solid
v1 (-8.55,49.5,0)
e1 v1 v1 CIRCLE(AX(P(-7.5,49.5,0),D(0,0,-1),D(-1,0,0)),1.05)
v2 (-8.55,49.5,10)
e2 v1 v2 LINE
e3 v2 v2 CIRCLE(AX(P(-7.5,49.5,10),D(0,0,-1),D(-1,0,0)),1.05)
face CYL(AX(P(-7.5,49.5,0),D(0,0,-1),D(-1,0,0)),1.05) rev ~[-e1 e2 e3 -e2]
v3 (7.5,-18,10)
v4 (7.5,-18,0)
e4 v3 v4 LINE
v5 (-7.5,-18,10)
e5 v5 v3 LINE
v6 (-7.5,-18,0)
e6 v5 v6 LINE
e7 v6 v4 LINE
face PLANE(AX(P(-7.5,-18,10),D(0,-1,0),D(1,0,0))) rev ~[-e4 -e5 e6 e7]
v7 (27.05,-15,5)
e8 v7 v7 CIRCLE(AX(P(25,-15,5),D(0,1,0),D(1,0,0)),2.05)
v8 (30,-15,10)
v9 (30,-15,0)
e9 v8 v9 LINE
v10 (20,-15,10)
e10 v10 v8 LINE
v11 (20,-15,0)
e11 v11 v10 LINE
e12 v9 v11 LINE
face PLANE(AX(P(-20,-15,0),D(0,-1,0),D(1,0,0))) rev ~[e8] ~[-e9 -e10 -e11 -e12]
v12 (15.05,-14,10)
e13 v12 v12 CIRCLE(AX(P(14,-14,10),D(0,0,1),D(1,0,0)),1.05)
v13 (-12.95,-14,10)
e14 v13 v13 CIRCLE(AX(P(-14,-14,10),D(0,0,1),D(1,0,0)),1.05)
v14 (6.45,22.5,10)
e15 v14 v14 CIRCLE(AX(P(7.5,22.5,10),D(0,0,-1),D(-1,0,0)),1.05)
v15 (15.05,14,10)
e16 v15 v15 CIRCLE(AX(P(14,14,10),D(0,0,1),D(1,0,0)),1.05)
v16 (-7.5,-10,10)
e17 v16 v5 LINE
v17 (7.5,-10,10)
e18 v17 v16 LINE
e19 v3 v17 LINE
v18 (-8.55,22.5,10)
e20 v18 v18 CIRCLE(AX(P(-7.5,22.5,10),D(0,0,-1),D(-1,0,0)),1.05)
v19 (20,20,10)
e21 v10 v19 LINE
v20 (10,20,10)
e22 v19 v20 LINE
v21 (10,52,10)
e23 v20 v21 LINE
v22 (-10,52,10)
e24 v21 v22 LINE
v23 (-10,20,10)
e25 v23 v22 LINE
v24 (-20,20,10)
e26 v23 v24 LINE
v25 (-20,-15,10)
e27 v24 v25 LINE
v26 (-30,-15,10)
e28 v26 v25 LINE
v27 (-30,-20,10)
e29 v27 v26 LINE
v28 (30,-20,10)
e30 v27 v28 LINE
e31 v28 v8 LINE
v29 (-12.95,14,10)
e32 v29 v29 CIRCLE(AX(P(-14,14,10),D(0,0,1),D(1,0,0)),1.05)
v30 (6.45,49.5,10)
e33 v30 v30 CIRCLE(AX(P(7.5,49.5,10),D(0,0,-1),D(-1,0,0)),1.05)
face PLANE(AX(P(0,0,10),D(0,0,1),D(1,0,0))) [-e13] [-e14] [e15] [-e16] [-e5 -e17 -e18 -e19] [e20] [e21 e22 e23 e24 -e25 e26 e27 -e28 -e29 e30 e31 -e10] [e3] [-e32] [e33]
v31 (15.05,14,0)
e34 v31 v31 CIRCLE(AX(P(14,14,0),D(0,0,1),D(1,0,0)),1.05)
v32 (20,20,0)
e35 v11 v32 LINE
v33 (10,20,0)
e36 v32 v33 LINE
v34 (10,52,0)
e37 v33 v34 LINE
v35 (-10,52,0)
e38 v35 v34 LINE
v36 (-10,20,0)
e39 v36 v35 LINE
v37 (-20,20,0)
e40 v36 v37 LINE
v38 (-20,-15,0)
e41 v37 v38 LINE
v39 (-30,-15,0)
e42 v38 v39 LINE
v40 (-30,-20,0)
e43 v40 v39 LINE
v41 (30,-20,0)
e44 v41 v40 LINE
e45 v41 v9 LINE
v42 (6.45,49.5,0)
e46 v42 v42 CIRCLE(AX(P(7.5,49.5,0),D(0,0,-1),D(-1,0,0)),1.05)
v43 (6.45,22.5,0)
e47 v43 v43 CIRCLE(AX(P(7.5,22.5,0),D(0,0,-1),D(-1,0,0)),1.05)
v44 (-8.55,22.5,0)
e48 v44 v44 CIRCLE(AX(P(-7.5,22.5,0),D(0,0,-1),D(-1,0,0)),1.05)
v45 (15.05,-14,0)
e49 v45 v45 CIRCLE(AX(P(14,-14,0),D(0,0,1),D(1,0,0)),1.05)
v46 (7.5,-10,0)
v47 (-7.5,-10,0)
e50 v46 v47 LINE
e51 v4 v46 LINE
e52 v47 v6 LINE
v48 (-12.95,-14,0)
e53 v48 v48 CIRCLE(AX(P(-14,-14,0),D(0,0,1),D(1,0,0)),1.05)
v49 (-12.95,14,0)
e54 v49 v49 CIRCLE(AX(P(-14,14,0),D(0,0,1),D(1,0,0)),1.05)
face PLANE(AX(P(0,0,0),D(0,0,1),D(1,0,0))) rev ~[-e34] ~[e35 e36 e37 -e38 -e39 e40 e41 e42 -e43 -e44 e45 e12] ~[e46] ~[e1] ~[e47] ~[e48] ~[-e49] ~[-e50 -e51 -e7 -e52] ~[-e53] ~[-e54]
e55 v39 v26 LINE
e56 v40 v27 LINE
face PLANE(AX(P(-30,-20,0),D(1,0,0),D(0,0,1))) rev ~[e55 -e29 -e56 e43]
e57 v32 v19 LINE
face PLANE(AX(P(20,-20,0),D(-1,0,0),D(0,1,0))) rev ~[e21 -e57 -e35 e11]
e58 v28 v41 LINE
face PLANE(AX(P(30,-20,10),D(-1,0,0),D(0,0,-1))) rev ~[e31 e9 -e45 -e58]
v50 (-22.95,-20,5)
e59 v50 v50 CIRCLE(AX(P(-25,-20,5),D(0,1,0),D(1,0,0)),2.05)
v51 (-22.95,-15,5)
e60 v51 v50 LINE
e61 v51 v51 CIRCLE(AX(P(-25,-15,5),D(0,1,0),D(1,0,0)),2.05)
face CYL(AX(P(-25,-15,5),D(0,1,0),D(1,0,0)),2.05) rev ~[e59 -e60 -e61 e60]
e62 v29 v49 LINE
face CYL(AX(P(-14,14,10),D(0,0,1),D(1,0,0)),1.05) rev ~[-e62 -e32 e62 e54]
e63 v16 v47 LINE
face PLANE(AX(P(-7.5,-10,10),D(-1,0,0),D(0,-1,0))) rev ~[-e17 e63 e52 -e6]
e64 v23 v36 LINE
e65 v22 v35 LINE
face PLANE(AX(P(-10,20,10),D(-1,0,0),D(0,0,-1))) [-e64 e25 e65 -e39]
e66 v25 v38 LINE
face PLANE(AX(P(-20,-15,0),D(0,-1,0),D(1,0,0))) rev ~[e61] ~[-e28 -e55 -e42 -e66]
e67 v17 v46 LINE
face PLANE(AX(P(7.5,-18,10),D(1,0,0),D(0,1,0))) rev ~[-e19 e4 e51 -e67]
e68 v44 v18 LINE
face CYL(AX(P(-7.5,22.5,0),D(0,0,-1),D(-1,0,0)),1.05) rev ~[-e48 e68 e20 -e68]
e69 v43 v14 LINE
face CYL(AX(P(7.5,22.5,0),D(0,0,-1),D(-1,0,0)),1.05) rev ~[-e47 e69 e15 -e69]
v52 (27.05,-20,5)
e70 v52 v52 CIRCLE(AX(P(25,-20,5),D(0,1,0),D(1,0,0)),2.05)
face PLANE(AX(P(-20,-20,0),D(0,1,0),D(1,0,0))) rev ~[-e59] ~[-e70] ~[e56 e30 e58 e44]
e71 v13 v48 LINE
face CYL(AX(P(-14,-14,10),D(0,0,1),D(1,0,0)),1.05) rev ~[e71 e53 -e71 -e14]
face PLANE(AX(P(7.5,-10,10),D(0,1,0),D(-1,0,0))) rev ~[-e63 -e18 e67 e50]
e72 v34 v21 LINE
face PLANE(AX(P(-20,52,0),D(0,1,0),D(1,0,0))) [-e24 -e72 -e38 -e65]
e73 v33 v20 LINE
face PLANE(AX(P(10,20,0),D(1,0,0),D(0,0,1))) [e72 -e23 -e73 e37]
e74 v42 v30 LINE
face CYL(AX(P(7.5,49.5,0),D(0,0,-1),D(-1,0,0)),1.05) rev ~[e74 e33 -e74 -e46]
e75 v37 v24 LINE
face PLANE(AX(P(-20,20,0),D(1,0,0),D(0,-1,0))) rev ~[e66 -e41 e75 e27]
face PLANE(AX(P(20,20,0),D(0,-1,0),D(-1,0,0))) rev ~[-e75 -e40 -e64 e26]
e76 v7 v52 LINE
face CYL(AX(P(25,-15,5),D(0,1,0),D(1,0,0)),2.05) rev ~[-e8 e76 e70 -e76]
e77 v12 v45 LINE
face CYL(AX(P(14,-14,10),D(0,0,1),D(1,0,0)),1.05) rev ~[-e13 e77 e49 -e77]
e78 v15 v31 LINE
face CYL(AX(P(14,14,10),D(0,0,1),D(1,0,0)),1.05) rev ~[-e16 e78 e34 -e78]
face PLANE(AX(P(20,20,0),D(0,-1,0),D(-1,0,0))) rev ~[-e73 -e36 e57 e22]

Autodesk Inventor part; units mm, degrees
ref_plane "YZ Plane" through (0, 0, 0) normal (1, 0, 0) x (0, 1, 0)
ref_plane "XZ Plane" through (0, 0, 0) normal (0, 1, 0) x (-1, 0, 0)
ref_plane "XY Plane" through (0, 0, 0) normal (0, 0, 1) x (1, 0, 0)
sketch "Sketch1" plane through (0, 0, 0) normal (0, 0, 1) x (1, 0, 0)
  line L0 (-20, -20) -> (20, -20)
  line L1 (20, -20) -> (20, 20)
  line L2 (20, 20) -> (-20, 20)
  line L3 (-20, 20) -> (-20, -20)
  line L4 (-20, -20) -> (20, 20) construction
  line L5 (20, -20) -> (-20, 20) construction
  point P0 (0, 0)
  dimension "d0" = 40
  dimension "d1" = 40
extrude "Extrusion1" add sketch "Sketch1" along normal blind 10
sketch "Sketch2" plane through (0, 0, 10) normal (0, 0, 1) x (1, 0, 0)
  circle A0 centre (-14, 14) radius 1.05
  circle A1 centre (-14, -14) radius 1.05
  circle A2 centre (14, -14) radius 1.05
  circle A3 centre (14, 14) radius 1.05
  point P0 (0, 0)
  dimension "d4" = 2.1
  dimension "d5" = 2.1
  dimension "d6" = 2.1
  dimension "d7" = 2.1
  dimension "d8" = 14
  dimension "d9" = 14
  dimension "d10" = 14
  dimension "d11" = 14
extrude "Extrusion2" cut sketch "Sketch2" against normal blind 10
sketch "Sketch3" plane through (0, 0, 10) normal (0, 0, 1) x (1, 0, 0)
  line L0 (-7.5, -18) -> (7.5, -18)
  line L1 (7.5, -18) -> (7.5, -10)
  line L2 (7.5, -10) -> (-7.5, -10)
  line L3 (-7.5, -10) -> (-7.5, -18)
  line L4 (-7.5, -18) -> (7.5, -10) construction
  line L5 (7.5, -18) -> (-7.5, -10) construction
  point P0 (0, 0)
  point P1 (0, -14)
  dimension "d14" = 15
  dimension "d15" = 8
  dimension "d16" = 14
extrude "Extrusion3" cut sketch "Sketch3" against normal blind 10
sketch "Sketch4" plane through (-20, -20, 0) normal (0, -1, 0) x (1, 0, 0)
  line L0 (0, 0) -> (-10, 0)
  line L1 (-10, 0) -> (-10, 10)
  line L2 (-10, 10) -> (0, 10)
  line L3 (0, 10) -> (0, 0)
  line L4 (50, 0) -> (40, 0)
  line L5 (40, 0) -> (40, 10)
  line L6 (40, 10) -> (50, 10)
  line L7 (50, 10) -> (50, 0)
  line L8 (0, 0) -> (0, 10) projected
  line L9 (40, 0) -> (40, 10) projected
  line L10 (0, 0) -> (40, 0) projected
  line L11 (0, 10) -> (40, 10) projected
  point P0 (20, 0)
  dimension "d19" = 10
  dimension "d20" = 10
extrude "Extrusion4" add sketch "Sketch4" against normal blind 5 contours L0 L1 L2 L3 | L5 L6 L7 L4
sketch "Sketch5" plane through (-20, -15, 0) normal (0, 1, 0) x (1, 0, 0)
  circle A0 centre (-5, -5) radius 2.05
  circle A1 centre (45, -5) radius 2.05
  line L0 (-10, 0) -> (-10, -10) projected
  line L1 (-10, -10) -> (0, -10) projected
  line L2 (50, 0) -> (40, 0) projected
  line L3 (50, -10) -> (50, 0) projected
  point P0 (20, 0)
  dimension "d23" = 4.1
  dimension "d24" = 4.1
  dimension "d25" = 5
  dimension "d26" = 5
  dimension "d27" = 5
  dimension "d28" = 5
extrude "Extrusion5" cut sketch "Sketch5" against normal blind 5
sketch "Sketch6" plane through (-20, 20, 0) normal (0, 1, 0) x (1, 0, 0)
  line L0 (30, -10) -> (10, -10)
  line L1 (10, -10) -> (10, 0)
  line L2 (10, 0) -> (30, 0)
  line L3 (30, 0) -> (30, -10)
  line L4 (40, -10) -> (0, -10) projected
  line L5 (40, 0) -> (40, -10) projected
  line L6 (40, 0) -> (0, 0) projected
  line L7 (0, 0) -> (0, -10) projected
  point P0 (20, 0)
  dimension "d33" = 20
  dimension "d34" = 10
extrude "Extrusion6" add sketch "Sketch6" along normal blind 32 contours L0 L1 L2 L3
sketch "Sketch7" plane through (0, 0, 0) normal (0, 0, -1) x (-1, 0, 0)
  circle A0 centre (-7.5, 49.5) radius 1.05
  circle A1 centre (-7.5, 22.5) radius 1.05
  circle A2 centre (7.5, 49.5) radius 1.05
  circle A3 centre (7.5, 22.5) radius 1.05
  line L0 (-10, 52) -> (10, 52) projected
  line L1 (-10, 20) -> (-10, 52) projected
  point P0 (0, 0)
  dimension "d35" = 2.1
  dimension "d36" = 2.1
  dimension "d37" = 2.1
  dimension "d38" = 2.1
  dimension "d39" = 15
  dimension "d40" = 27
  dimension "d41" = 2.5
  dimension "d42" = 2.5
extrude "Extrusion7" cut sketch "Sketch7" against normal blind 32
properties part number "camera_new"
